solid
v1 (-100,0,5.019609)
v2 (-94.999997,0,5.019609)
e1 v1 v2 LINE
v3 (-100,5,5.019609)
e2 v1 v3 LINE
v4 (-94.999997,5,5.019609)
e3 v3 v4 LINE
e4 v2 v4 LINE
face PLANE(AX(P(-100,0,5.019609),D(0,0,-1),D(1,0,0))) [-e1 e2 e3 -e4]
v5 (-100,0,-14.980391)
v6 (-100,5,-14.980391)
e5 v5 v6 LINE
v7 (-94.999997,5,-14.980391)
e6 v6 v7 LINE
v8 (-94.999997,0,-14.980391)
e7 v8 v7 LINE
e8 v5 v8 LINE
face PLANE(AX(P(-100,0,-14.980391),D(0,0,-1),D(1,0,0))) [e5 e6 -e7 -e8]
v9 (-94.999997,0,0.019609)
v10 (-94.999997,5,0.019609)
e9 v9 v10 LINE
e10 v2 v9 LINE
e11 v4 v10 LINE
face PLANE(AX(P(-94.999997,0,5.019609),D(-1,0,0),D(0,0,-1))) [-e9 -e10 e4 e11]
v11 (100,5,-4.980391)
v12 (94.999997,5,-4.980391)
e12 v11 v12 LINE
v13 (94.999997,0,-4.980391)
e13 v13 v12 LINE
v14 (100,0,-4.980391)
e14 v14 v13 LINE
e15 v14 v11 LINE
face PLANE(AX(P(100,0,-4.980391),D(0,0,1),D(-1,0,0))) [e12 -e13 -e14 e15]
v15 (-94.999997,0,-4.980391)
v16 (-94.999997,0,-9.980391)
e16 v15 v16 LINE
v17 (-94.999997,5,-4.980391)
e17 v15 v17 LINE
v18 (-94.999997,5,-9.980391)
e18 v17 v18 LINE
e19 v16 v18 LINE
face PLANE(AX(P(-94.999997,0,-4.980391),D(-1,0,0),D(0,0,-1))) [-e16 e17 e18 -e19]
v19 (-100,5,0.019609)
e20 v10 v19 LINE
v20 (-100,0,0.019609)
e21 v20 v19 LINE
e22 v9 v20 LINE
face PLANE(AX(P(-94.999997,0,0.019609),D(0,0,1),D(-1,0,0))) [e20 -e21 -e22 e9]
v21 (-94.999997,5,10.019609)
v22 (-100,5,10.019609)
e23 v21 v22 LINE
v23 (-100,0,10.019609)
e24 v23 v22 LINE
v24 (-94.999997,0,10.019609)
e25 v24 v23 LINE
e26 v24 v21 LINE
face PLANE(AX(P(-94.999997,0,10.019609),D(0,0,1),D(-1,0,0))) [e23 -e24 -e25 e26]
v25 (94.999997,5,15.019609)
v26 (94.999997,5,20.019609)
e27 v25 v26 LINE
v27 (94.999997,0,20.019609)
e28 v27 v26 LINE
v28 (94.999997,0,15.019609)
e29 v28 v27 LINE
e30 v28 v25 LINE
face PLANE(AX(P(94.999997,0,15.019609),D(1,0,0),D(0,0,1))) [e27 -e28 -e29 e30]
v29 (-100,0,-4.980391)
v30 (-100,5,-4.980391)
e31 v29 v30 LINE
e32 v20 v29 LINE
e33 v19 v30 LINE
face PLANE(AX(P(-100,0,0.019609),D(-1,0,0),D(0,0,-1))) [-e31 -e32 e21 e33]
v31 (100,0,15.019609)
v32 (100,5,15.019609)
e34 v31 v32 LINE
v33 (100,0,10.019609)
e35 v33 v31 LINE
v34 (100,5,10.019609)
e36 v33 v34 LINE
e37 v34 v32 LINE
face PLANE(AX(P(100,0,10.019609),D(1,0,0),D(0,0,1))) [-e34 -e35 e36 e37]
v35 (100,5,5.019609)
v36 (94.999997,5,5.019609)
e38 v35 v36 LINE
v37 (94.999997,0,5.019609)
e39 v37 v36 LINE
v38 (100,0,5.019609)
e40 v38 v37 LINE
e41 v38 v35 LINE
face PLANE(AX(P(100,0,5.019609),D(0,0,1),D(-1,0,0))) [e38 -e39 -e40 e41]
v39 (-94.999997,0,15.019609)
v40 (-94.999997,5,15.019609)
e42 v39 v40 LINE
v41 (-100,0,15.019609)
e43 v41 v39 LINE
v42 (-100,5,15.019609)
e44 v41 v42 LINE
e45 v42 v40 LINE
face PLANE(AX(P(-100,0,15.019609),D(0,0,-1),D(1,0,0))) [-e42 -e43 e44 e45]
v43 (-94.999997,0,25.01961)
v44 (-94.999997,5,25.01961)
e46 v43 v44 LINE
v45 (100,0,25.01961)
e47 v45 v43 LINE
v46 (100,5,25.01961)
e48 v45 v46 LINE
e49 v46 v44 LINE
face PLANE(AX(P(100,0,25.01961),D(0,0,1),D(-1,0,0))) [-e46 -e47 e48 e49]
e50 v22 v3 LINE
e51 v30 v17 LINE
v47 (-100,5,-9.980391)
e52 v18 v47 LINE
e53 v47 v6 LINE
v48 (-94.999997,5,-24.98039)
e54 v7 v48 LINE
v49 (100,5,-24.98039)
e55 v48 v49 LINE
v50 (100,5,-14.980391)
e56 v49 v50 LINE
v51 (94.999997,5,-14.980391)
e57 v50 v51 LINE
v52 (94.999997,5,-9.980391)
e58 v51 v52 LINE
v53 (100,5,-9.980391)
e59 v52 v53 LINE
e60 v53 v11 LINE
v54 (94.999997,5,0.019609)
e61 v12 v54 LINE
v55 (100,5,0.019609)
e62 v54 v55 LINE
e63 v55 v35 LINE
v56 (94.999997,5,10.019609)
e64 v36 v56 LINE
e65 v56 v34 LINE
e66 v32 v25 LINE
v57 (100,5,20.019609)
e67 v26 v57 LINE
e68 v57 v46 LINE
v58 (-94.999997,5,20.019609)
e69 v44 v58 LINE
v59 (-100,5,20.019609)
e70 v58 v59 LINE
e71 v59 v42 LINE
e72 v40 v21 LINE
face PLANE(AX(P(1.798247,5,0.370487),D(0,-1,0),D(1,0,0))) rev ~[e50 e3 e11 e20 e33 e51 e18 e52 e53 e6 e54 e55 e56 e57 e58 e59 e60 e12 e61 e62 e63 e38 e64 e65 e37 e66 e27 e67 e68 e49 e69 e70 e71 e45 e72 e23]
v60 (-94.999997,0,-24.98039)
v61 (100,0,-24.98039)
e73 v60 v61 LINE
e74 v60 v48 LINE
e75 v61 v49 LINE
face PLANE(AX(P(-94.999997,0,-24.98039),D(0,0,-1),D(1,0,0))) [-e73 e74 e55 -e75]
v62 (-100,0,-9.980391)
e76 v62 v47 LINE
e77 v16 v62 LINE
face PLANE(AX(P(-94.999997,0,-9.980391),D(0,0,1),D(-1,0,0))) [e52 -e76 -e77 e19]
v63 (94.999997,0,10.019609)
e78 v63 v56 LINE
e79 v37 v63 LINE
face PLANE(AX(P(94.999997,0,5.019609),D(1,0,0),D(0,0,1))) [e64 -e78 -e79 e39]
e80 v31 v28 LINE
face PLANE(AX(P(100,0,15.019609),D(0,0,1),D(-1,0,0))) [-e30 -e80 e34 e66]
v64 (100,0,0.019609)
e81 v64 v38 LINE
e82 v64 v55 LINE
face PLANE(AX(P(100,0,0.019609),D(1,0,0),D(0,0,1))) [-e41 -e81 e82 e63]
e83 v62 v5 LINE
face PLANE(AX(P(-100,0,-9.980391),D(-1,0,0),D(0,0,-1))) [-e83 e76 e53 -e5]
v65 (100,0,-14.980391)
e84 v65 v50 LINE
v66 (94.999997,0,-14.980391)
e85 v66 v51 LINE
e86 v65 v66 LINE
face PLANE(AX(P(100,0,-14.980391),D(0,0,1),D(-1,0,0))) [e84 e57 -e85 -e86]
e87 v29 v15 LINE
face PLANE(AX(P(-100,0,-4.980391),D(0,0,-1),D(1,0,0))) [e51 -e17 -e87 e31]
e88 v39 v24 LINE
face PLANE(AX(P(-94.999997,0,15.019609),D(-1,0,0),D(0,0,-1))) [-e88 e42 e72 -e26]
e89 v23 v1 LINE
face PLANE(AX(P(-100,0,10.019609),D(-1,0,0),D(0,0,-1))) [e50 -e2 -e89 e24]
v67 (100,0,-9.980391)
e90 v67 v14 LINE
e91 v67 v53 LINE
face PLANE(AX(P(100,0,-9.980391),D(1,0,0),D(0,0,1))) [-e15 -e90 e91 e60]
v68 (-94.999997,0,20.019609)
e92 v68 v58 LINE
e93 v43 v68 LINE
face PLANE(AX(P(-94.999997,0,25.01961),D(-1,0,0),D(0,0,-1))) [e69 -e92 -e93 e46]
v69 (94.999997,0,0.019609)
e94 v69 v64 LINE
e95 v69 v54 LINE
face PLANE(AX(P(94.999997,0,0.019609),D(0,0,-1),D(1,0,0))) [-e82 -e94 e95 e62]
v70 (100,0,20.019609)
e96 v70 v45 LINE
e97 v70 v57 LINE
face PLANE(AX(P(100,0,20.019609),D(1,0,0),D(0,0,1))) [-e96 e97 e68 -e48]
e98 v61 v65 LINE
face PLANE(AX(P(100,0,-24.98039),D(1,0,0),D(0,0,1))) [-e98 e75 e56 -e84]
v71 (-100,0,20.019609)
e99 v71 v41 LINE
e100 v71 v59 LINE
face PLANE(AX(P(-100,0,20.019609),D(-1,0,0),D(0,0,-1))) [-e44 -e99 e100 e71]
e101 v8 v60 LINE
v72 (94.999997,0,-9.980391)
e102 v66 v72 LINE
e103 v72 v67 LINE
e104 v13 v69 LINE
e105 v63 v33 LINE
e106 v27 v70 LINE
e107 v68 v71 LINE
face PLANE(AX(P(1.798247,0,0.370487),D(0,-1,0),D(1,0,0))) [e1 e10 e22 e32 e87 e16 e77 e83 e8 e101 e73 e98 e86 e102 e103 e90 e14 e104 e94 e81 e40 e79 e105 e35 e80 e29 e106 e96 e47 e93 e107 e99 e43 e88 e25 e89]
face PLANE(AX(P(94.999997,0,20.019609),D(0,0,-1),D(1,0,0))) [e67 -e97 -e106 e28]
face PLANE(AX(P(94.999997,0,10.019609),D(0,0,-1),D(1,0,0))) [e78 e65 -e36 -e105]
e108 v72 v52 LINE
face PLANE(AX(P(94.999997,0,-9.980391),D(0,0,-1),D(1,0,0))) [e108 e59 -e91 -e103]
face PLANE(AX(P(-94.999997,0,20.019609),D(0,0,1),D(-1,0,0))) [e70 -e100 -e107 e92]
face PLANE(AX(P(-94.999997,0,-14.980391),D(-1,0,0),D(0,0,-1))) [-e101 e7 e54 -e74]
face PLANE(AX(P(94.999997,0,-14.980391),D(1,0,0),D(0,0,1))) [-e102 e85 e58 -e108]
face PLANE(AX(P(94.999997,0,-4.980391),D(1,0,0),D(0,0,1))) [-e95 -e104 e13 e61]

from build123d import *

# Parameters (mm, degrees)
F1_DEPTH = 5


with BuildPart() as f1:
    # F0 (on Front) → F1 (new body)
    with BuildSketch(Plane.XZ):
        Polygon((100, 25.01961), (0, 25.01961), (-94.999997, 25.01961), (-94.999997, 20.019609), (-100, 20.019609), (-100, 15.019609), (-94.999997, 15.019609), (-94.999997, 10.019609), (-100, 10.019609), (-100, 5.019609), (-94.999997, 5.019609), (-94.999997, 0.019609), (-100, 0.019609), (-100, -4.980391), (-94.999997, -4.980391), (-94.999997, -9.980391), (-100, -9.980391), (-100, -14.980391), (-94.999997, -14.980391), (-94.999997, -24.98039), (0, -24.98039), (100, -24.98039), (100, -14.980391), (94.999997, -14.980391), (94.999997, -9.980391), (100, -9.980391), (100, -4.980391), (94.999997, -4.980391), (94.999997, 0.019609), (100, 0.019609), (100, 5.019609), (94.999997, 5.019609), (94.999997, 10.019609), (100, 10.019609), (100, 15.019609), (94.999997, 15.019609), (94.999997, 20.019609), (100, 20.019609), align=None)
    extrude(amount=-F1_DEPTH)


solid = f1.part
